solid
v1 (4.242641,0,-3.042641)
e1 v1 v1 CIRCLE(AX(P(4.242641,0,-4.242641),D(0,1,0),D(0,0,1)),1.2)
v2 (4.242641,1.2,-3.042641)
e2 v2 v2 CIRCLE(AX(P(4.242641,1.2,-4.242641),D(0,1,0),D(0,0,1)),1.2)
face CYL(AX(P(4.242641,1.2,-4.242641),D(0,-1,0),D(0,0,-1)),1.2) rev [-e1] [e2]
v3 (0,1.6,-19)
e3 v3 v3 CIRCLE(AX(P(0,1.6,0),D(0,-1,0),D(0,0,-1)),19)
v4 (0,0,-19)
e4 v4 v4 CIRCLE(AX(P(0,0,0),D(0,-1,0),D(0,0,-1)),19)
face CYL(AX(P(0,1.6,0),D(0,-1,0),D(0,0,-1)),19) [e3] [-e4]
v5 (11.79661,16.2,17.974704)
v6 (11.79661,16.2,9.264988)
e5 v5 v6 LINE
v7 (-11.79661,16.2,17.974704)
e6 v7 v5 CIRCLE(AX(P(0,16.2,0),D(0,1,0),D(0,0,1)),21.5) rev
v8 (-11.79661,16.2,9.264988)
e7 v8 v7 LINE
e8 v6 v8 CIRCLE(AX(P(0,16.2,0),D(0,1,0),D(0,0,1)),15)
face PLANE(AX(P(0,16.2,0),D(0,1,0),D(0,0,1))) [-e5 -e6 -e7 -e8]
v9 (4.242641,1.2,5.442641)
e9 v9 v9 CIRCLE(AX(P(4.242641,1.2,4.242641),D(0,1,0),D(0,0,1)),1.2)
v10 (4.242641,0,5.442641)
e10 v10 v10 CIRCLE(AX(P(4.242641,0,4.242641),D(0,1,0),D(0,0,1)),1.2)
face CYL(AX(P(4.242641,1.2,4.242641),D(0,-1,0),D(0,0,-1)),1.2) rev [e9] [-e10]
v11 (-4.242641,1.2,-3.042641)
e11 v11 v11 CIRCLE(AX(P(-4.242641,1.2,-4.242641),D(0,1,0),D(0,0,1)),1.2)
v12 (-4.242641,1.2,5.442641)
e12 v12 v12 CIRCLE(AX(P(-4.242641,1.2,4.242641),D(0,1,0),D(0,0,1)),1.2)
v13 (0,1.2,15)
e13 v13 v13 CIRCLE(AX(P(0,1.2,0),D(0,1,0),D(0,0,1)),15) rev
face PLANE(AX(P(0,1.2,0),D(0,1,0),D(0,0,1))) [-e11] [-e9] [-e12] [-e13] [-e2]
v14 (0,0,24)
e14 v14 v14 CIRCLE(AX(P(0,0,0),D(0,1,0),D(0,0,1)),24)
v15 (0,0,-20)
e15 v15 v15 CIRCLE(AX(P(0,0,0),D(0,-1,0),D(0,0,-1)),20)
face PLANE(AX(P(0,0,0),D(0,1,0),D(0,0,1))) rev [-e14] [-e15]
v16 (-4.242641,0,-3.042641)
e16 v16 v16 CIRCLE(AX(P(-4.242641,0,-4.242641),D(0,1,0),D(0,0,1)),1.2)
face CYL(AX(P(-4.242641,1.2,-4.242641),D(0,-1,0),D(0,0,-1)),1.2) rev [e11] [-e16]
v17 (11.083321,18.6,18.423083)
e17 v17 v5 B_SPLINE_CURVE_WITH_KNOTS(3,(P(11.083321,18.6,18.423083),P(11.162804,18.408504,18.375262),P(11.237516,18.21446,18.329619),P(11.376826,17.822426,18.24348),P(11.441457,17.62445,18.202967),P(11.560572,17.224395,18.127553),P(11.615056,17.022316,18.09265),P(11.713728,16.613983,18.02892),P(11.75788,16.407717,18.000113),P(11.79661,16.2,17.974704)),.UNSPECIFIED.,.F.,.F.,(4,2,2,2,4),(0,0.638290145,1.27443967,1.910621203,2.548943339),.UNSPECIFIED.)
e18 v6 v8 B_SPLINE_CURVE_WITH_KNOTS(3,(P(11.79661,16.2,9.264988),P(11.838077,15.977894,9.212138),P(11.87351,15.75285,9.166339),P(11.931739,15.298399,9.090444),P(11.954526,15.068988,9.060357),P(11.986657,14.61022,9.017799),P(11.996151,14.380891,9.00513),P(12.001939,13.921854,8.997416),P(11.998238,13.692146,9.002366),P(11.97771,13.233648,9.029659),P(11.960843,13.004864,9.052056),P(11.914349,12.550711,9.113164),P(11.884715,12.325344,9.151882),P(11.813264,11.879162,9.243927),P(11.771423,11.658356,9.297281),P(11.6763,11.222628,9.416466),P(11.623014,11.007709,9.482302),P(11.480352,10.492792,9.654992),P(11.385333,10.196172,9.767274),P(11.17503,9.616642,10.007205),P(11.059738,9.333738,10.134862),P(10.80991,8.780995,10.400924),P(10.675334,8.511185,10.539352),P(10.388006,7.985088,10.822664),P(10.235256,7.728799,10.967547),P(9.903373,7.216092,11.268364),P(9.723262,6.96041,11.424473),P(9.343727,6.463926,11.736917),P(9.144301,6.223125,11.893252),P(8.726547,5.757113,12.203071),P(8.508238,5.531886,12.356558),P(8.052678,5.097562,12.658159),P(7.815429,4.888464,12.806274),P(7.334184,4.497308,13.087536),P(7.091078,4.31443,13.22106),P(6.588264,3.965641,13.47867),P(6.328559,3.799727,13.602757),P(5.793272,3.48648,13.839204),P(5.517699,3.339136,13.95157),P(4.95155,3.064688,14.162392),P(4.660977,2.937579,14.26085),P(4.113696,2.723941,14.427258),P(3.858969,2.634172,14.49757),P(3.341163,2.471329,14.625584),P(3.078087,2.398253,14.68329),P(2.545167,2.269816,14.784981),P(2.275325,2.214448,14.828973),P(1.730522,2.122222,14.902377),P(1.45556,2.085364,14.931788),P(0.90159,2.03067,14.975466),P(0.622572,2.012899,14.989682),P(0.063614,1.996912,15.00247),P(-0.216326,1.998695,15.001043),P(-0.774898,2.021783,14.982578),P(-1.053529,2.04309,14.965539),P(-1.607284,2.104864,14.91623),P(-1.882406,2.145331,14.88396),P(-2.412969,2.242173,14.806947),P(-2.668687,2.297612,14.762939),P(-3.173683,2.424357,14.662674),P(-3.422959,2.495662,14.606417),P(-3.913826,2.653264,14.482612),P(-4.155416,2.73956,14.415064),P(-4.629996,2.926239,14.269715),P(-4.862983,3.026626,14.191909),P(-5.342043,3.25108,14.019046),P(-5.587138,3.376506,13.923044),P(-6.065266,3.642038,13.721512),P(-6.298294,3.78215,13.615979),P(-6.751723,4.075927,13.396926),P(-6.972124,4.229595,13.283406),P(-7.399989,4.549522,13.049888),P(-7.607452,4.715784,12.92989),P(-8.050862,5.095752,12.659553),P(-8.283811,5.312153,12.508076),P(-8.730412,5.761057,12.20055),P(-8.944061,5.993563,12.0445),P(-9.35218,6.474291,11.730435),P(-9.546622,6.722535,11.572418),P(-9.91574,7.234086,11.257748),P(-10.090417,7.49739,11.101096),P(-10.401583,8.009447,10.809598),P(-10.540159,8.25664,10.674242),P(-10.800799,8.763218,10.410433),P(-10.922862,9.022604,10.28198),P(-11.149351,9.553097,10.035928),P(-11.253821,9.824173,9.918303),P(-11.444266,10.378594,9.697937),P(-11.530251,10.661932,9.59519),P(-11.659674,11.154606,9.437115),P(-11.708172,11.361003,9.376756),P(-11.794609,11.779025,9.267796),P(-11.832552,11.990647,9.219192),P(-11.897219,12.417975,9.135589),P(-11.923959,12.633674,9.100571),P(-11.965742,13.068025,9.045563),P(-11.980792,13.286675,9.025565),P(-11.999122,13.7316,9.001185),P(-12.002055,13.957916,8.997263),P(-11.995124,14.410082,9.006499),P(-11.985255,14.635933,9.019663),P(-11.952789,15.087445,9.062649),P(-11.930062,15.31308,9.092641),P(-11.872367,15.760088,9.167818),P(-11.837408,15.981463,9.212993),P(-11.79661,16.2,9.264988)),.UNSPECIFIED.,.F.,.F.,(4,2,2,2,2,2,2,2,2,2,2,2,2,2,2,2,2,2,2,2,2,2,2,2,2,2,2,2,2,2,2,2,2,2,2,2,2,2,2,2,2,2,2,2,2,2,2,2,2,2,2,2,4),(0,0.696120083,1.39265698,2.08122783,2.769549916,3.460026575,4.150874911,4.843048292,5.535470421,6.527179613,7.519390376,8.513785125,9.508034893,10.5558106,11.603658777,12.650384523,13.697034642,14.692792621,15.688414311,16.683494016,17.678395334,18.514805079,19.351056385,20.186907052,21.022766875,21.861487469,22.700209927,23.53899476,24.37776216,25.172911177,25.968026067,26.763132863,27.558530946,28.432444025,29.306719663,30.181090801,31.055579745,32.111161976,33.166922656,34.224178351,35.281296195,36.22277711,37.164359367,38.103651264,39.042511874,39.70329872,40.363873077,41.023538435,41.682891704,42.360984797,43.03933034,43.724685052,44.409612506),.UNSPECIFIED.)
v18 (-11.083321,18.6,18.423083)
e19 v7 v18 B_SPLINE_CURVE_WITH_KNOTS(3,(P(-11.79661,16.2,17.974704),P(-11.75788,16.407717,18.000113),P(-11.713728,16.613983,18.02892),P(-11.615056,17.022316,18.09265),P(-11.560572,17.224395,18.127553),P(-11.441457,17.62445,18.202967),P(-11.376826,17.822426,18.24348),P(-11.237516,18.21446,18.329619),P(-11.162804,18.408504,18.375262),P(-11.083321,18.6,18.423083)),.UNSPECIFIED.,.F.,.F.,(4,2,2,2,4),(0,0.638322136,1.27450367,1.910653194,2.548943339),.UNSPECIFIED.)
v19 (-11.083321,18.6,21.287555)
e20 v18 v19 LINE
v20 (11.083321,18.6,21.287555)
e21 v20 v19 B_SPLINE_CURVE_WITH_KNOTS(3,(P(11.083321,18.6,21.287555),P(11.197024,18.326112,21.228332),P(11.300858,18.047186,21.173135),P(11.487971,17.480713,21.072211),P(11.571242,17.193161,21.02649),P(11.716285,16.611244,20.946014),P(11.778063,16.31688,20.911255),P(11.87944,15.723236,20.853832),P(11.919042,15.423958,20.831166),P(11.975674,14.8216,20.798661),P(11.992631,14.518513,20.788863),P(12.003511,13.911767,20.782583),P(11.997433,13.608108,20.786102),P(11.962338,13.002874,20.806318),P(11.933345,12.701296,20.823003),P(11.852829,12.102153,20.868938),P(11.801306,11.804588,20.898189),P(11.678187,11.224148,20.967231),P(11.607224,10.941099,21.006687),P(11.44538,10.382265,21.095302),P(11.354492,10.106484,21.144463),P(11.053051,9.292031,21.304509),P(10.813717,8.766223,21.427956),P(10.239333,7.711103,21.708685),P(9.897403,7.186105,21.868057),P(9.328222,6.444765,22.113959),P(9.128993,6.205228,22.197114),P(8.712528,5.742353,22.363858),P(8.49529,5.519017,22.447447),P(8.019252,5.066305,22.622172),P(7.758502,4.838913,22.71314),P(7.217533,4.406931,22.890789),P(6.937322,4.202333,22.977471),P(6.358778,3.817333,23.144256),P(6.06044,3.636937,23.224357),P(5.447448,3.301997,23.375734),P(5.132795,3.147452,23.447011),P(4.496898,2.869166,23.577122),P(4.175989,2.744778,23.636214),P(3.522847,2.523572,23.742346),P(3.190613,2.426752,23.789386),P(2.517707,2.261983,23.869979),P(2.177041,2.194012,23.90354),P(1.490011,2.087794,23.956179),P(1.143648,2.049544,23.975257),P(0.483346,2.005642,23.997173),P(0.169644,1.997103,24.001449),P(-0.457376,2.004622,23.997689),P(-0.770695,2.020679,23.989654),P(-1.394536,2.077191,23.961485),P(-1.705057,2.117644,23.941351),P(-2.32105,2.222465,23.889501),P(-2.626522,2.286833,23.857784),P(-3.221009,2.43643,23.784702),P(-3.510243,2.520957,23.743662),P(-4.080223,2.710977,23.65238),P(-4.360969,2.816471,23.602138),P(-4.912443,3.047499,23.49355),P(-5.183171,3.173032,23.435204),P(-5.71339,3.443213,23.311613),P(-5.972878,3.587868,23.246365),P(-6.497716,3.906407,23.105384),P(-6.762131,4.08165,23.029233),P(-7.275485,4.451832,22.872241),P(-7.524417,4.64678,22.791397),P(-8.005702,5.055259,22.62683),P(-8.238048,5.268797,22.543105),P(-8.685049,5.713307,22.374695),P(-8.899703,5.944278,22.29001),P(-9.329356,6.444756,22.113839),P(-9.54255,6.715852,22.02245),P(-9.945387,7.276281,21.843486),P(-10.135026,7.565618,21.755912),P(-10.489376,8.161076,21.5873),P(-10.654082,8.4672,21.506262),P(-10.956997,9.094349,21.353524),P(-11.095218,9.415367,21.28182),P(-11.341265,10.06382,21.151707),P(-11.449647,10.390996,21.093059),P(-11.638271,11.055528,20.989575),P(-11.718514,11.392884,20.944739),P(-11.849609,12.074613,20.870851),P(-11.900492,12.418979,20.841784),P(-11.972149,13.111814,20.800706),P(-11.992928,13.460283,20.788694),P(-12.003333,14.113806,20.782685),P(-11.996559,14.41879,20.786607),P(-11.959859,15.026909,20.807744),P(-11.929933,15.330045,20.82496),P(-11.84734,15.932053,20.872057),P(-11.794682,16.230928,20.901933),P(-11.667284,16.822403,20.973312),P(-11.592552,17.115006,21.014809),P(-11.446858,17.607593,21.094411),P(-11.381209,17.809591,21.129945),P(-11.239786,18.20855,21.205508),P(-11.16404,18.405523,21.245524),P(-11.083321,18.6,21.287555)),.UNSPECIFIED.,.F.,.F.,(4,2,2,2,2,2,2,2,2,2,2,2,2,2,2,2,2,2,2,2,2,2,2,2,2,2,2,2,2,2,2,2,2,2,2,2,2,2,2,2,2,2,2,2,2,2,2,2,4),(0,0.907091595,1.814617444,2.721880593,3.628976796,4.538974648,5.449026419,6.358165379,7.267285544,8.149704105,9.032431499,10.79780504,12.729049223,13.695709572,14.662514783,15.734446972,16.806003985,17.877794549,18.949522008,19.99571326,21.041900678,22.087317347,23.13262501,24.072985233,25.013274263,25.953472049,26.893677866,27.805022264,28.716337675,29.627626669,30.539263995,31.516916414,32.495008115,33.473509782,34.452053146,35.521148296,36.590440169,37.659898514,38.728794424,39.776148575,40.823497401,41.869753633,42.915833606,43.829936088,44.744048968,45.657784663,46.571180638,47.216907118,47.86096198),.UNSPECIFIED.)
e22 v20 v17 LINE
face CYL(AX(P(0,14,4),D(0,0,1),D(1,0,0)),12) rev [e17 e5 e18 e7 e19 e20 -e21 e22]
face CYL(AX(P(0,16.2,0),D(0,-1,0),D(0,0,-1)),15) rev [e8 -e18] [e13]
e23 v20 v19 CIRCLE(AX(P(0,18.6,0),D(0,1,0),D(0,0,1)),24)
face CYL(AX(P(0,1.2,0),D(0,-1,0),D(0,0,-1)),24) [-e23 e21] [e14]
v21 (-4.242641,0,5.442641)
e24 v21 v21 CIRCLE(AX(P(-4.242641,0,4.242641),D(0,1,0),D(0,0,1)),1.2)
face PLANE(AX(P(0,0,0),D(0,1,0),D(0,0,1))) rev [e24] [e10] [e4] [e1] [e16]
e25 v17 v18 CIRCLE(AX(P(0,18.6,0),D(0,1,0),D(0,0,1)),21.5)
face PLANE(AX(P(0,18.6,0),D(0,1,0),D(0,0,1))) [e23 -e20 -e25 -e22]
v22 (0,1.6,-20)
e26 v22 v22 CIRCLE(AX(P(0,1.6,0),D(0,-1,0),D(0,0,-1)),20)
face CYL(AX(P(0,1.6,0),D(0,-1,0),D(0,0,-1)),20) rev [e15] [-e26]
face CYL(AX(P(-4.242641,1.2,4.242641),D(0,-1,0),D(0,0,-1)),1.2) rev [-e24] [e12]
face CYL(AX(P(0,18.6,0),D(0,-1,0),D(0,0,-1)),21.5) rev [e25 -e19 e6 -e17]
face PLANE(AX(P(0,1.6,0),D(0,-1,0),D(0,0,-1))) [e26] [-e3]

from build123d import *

# Parameters (mm, degrees)
SKETCH1_R           = 24
SKETCH1_R_2         = 1.2
BOSS_EXTRUDE1_DEPTH = 1.2
SKETCH2_R           = 24
SKETCH2_R_2         = 15
BOSS_EXTRUDE2_DEPTH = 15
SKETCH3_R           = 24
SKETCH3_R_2         = 21.5
BOSS_EXTRUDE3_DEPTH = 2.4
SKETCH5_R           = 12
CUT_EXTRUDE2_DEPTH  = 20
SKETCH6_R           = 20
SKETCH6_R_2         = 19
CUT_EXTRUDE3_DEPTH  = 1.6


with BuildPart() as part:
    # Sketch1 → Boss-Extrude1 (new body)
    with BuildSketch(Plane(origin=(0, 0, 0), x_dir=(1, 0, 0), z_dir=(0, 1, 0))):
        with Locations(Location((0, 0, 0), (0, 0, 270))):
            Circle(SKETCH1_R)
        with Locations(Location((4.242640687, 4.242640687, 0), (0, 0, 270))):
            Circle(SKETCH1_R_2, mode=Mode.SUBTRACT)
        with Locations(Location((-4.242640687, 4.242640687, 0), (0, 0, 270))):
            Circle(SKETCH1_R_2, mode=Mode.SUBTRACT)
        with Locations(Location((4.242640687, -4.242640687, 0), (0, 0, 270))):
            Circle(SKETCH1_R_2, mode=Mode.SUBTRACT)
        with Locations(Location((-4.242640687, -4.242640687, 0), (0, 0, 270))):
            Circle(SKETCH1_R_2, mode=Mode.SUBTRACT)
    extrude(amount=BOSS_EXTRUDE1_DEPTH)

    # Sketch2 → Boss-Extrude2 (add)
    with BuildSketch(Plane(origin=(0, 1.2, 0), x_dir=(1, 0, 0), z_dir=(0, 1, 0))):
        with Locations(Location((0, 0, 0), (0, 0, 270))):
            Circle(SKETCH2_R)
        with Locations(Location((0, 0, 0), (0, 0, 270))):
            Circle(SKETCH2_R_2, mode=Mode.SUBTRACT)
    extrude(amount=BOSS_EXTRUDE2_DEPTH)

    # Sketch3 → Boss-Extrude3 (add)
    with BuildSketch(Plane(origin=(0, 16.2, 0), x_dir=(1, 0, 0), z_dir=(0, 1, 0))):
        with Locations(Location((0, 0, 0), (0, 0, 270))):
            Circle(SKETCH3_R)
        with Locations(Location((0, 0, 0), (0, 0, 270))):
            Circle(SKETCH3_R_2, mode=Mode.SUBTRACT)
    extrude(amount=BOSS_EXTRUDE3_DEPTH)

    # Sketch5 → Cut-Extrude2 (cut)
    with BuildSketch(Plane.XY.offset(24)):
        with Locations((0, 14)):
            Circle(SKETCH5_R)
    extrude(amount=-CUT_EXTRUDE2_DEPTH, mode=Mode.SUBTRACT)

    # Sketch6 → Cut-Extrude3 (cut)
    with BuildSketch(Plane.XZ):
        with Locations(Location((0, 0, 0), (0, 0, 270))):
            Circle(SKETCH6_R)
        with Locations(Location((0, 0, 0), (0, 0, 270))):
            Circle(SKETCH6_R_2, mode=Mode.SUBTRACT)
    extrude(amount=-CUT_EXTRUDE3_DEPTH, mode=Mode.SUBTRACT)


solid = part.part
